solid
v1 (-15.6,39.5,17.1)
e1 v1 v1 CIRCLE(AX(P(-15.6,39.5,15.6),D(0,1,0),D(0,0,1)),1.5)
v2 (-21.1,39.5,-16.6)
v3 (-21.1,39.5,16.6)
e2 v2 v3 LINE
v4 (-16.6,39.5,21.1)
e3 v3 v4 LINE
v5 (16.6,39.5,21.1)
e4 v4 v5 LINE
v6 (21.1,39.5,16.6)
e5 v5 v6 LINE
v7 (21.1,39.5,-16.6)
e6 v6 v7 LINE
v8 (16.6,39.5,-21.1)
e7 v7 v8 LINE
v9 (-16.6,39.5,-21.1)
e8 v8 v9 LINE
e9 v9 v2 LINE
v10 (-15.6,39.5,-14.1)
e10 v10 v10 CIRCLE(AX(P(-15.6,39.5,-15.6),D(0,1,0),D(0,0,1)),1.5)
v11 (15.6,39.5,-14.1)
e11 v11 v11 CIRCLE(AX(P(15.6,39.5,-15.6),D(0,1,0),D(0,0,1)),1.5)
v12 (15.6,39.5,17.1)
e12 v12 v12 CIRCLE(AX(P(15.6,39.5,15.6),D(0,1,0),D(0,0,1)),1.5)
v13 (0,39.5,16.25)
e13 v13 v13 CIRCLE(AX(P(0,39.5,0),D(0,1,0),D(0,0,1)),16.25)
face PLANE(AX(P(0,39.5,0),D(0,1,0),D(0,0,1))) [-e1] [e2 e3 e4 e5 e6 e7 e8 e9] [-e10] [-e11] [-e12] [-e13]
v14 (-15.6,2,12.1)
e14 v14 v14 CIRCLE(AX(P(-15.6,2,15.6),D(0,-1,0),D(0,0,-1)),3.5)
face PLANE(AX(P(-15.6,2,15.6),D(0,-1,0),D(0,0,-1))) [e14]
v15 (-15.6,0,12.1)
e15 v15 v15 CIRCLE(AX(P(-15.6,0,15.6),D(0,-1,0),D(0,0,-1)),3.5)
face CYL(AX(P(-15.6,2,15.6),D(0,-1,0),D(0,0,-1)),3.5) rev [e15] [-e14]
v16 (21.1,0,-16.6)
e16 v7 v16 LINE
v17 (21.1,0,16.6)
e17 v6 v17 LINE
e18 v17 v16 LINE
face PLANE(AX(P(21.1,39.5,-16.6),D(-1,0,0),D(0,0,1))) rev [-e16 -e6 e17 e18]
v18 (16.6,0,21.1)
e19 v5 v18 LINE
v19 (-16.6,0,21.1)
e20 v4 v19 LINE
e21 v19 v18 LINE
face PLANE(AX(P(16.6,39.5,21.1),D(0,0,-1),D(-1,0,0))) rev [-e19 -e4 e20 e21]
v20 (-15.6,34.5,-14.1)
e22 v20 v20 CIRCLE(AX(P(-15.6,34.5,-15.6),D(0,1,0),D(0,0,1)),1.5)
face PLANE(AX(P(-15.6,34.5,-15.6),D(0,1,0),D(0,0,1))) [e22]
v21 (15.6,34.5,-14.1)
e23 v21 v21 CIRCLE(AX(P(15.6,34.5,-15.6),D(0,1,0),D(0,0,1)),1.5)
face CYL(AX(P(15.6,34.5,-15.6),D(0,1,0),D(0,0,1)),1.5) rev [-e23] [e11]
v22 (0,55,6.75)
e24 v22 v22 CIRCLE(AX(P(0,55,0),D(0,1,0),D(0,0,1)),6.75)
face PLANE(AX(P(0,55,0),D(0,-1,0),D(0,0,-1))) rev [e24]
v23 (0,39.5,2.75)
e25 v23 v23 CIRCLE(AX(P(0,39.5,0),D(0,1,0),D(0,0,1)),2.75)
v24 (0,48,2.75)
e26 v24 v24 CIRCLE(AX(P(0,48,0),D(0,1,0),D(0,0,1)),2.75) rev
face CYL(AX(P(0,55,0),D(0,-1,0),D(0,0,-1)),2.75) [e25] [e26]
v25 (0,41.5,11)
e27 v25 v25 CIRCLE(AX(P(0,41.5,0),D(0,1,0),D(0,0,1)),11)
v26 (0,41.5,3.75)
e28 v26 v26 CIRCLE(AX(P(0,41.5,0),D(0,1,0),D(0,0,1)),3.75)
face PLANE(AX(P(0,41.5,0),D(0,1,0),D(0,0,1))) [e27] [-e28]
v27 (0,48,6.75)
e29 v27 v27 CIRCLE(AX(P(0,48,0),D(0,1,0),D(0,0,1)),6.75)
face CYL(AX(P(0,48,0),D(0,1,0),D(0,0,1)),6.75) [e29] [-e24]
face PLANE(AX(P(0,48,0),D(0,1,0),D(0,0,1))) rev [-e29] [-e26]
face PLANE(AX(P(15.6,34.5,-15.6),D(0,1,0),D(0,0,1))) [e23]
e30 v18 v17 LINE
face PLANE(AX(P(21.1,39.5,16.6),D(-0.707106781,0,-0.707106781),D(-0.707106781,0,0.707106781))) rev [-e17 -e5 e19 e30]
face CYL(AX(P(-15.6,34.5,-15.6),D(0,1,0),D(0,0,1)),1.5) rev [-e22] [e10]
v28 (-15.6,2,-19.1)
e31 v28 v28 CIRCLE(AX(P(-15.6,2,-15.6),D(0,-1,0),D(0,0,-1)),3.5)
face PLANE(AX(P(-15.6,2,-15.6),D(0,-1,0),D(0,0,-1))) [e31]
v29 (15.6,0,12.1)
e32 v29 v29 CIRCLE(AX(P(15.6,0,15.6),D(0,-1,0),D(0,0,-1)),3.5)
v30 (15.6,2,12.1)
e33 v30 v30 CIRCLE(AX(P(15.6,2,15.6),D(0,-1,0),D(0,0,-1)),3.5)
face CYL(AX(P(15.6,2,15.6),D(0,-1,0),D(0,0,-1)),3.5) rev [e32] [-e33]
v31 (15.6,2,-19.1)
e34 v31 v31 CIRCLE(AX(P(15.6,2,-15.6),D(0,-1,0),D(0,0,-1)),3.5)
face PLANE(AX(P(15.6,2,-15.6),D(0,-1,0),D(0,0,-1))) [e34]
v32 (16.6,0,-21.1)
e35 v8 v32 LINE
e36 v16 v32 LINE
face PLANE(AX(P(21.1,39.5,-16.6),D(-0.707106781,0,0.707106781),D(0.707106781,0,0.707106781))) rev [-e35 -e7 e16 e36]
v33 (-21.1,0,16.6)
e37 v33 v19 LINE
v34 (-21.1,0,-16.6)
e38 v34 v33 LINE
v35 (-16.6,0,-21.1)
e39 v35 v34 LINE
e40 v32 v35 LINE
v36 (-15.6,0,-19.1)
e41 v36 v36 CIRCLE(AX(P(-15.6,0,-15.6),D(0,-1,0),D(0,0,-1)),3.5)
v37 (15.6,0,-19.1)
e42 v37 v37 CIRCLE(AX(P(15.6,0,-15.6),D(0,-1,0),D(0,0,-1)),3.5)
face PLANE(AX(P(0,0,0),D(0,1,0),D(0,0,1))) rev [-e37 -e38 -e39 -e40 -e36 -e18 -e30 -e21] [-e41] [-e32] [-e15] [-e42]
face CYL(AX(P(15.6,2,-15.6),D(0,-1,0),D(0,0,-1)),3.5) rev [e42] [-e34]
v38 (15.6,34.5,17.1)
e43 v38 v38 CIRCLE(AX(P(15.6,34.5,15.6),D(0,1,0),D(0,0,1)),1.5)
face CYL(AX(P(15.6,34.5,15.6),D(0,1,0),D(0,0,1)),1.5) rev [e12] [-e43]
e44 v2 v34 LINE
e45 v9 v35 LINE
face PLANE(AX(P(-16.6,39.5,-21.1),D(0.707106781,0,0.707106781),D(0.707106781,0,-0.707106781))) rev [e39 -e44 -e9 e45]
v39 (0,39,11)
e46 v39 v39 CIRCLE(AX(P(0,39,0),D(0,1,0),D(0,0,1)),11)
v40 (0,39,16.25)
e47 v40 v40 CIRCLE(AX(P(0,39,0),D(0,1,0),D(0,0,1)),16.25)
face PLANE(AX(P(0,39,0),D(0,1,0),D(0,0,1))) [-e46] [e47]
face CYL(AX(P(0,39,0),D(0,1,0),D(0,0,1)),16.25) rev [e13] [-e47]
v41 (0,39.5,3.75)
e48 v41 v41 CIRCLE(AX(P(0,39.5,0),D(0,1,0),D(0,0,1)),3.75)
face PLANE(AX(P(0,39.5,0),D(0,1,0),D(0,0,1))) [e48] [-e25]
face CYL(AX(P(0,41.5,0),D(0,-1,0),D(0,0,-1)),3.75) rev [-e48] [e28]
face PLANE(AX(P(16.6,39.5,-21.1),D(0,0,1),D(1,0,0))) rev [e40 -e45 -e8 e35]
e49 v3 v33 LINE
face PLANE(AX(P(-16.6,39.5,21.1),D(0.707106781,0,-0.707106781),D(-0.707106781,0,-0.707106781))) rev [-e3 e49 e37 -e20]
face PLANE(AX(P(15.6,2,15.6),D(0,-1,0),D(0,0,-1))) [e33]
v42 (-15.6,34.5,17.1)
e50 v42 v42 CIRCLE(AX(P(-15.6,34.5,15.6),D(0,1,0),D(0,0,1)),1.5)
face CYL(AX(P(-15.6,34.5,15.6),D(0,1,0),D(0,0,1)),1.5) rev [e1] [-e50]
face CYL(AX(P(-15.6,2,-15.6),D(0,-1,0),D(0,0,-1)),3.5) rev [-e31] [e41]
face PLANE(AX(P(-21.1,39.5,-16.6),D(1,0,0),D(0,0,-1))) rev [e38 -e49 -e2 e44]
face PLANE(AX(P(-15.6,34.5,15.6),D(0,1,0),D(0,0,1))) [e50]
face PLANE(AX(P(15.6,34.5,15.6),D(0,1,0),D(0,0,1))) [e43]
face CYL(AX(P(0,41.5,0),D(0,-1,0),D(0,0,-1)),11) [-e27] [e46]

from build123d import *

# Parameters (mm, degrees)
SALIENTE_EXTRUIR1_DEPTH = 39.5
CROQUIS2_R              = 11
CROQUIS2_R_2            = 3.75
SALIENTE_EXTRUIR2_DEPTH = 2
CROQUIS3_R              = 16.25
CROQUIS3_R_2            = 11
CORTAR_EXTRUIR2_DEPTH   = 0.5
CROQUIS4_R              = 2.75
EJE_DEPTH               = 42.5
CROQUIS5_R              = 3.5
PERNOSATRAS_DEPTH       = 2
CROQUIS6_R              = 1.5
PERNOSFRENTE_DEPTH      = 5
CROQUIS7_R              = 2.75
SALIENTE_EXTRUIR3_DEPTH = 55
CROQUIS8_R              = 6.75
SALIENTE_EXTRUIR4_DEPTH = 7


with BuildPart() as part:
    # Croquis1 → Saliente-Extruir1 (new body)
    with BuildSketch(Plane(origin=(0, 0, 0), x_dir=(1, 0, 0), z_dir=(0, 1, 0))):
        Polygon((-16.6, 21.1), (-21.1, 16.6), (-21.1, -16.6), (-16.6, -21.1), (16.6, -21.1), (21.1, -16.6), (21.1, 16.6), (16.6, 21.1), align=None)
    extrude(amount=SALIENTE_EXTRUIR1_DEPTH)

    # Croquis2 → Saliente-Extruir2 (add)
    with BuildSketch(Plane(origin=(0, 39.5, 0), x_dir=(1, 0, 0), z_dir=(0, 1, 0))):
        Circle(CROQUIS2_R)
        Circle(CROQUIS2_R_2, mode=Mode.SUBTRACT)
    extrude(amount=SALIENTE_EXTRUIR2_DEPTH)

    # Croquis3 → Cortar-Extruir2 (cut)
    with BuildSketch(Plane(origin=(0, 39.5, 0), x_dir=(1, 0, 0), z_dir=(0, 1, 0))):
        Circle(CROQUIS3_R)
        Circle(CROQUIS3_R_2, mode=Mode.SUBTRACT)
    extrude(amount=-CORTAR_EXTRUIR2_DEPTH, mode=Mode.SUBTRACT)

    # Croquis4 → EJE (cut, through all)
    with BuildSketch(Plane(origin=(0, 41.5, 0), x_dir=(1, 0, 0), z_dir=(0, 1, 0))):
        Circle(CROQUIS4_R)
    extrude(amount=-EJE_DEPTH, mode=Mode.SUBTRACT)

    # Croquis5 → PernosAtras (cut)
    with BuildSketch(Plane.XZ):
        with Locations((-15.6, 15.6)):
            Circle(CROQUIS5_R)
        with Locations((15.6, 15.6)):
            Circle(CROQUIS5_R)
        with Locations((15.6, -15.6)):
            Circle(CROQUIS5_R)
        with Locations((-15.6, -15.6)):
            Circle(CROQUIS5_R)
    extrude(amount=-PERNOSATRAS_DEPTH, mode=Mode.SUBTRACT)

    # Croquis6 → PernosFrente (cut)
    with BuildSketch(Plane(origin=(0, 39.5, 0), x_dir=(1, 0, 0), z_dir=(0, 1, 0))):
        with Locations((-15.6, 15.6)):
            Circle(CROQUIS6_R)
        with Locations((15.6, 15.6)):
            Circle(CROQUIS6_R)
        with Locations((15.6, -15.6)):
            Circle(CROQUIS6_R)
        with Locations((-15.6, -15.6)):
            Circle(CROQUIS6_R)
    extrude(amount=-PERNOSFRENTE_DEPTH, mode=Mode.SUBTRACT)

    # Croquis7 → Saliente-Extruir3 (add)
    with BuildSketch(Plane.XZ):
        Circle(CROQUIS7_R)
    extrude(amount=-SALIENTE_EXTRUIR3_DEPTH)

    # Croquis8 → Saliente-Extruir4 (add)
    with BuildSketch(Plane(origin=(0, 55, 0), x_dir=(1, 0, 0), z_dir=(0, 1, 0))):
        Circle(CROQUIS8_R)
    extrude(amount=-SALIENTE_EXTRUIR4_DEPTH)


solid = part.part
